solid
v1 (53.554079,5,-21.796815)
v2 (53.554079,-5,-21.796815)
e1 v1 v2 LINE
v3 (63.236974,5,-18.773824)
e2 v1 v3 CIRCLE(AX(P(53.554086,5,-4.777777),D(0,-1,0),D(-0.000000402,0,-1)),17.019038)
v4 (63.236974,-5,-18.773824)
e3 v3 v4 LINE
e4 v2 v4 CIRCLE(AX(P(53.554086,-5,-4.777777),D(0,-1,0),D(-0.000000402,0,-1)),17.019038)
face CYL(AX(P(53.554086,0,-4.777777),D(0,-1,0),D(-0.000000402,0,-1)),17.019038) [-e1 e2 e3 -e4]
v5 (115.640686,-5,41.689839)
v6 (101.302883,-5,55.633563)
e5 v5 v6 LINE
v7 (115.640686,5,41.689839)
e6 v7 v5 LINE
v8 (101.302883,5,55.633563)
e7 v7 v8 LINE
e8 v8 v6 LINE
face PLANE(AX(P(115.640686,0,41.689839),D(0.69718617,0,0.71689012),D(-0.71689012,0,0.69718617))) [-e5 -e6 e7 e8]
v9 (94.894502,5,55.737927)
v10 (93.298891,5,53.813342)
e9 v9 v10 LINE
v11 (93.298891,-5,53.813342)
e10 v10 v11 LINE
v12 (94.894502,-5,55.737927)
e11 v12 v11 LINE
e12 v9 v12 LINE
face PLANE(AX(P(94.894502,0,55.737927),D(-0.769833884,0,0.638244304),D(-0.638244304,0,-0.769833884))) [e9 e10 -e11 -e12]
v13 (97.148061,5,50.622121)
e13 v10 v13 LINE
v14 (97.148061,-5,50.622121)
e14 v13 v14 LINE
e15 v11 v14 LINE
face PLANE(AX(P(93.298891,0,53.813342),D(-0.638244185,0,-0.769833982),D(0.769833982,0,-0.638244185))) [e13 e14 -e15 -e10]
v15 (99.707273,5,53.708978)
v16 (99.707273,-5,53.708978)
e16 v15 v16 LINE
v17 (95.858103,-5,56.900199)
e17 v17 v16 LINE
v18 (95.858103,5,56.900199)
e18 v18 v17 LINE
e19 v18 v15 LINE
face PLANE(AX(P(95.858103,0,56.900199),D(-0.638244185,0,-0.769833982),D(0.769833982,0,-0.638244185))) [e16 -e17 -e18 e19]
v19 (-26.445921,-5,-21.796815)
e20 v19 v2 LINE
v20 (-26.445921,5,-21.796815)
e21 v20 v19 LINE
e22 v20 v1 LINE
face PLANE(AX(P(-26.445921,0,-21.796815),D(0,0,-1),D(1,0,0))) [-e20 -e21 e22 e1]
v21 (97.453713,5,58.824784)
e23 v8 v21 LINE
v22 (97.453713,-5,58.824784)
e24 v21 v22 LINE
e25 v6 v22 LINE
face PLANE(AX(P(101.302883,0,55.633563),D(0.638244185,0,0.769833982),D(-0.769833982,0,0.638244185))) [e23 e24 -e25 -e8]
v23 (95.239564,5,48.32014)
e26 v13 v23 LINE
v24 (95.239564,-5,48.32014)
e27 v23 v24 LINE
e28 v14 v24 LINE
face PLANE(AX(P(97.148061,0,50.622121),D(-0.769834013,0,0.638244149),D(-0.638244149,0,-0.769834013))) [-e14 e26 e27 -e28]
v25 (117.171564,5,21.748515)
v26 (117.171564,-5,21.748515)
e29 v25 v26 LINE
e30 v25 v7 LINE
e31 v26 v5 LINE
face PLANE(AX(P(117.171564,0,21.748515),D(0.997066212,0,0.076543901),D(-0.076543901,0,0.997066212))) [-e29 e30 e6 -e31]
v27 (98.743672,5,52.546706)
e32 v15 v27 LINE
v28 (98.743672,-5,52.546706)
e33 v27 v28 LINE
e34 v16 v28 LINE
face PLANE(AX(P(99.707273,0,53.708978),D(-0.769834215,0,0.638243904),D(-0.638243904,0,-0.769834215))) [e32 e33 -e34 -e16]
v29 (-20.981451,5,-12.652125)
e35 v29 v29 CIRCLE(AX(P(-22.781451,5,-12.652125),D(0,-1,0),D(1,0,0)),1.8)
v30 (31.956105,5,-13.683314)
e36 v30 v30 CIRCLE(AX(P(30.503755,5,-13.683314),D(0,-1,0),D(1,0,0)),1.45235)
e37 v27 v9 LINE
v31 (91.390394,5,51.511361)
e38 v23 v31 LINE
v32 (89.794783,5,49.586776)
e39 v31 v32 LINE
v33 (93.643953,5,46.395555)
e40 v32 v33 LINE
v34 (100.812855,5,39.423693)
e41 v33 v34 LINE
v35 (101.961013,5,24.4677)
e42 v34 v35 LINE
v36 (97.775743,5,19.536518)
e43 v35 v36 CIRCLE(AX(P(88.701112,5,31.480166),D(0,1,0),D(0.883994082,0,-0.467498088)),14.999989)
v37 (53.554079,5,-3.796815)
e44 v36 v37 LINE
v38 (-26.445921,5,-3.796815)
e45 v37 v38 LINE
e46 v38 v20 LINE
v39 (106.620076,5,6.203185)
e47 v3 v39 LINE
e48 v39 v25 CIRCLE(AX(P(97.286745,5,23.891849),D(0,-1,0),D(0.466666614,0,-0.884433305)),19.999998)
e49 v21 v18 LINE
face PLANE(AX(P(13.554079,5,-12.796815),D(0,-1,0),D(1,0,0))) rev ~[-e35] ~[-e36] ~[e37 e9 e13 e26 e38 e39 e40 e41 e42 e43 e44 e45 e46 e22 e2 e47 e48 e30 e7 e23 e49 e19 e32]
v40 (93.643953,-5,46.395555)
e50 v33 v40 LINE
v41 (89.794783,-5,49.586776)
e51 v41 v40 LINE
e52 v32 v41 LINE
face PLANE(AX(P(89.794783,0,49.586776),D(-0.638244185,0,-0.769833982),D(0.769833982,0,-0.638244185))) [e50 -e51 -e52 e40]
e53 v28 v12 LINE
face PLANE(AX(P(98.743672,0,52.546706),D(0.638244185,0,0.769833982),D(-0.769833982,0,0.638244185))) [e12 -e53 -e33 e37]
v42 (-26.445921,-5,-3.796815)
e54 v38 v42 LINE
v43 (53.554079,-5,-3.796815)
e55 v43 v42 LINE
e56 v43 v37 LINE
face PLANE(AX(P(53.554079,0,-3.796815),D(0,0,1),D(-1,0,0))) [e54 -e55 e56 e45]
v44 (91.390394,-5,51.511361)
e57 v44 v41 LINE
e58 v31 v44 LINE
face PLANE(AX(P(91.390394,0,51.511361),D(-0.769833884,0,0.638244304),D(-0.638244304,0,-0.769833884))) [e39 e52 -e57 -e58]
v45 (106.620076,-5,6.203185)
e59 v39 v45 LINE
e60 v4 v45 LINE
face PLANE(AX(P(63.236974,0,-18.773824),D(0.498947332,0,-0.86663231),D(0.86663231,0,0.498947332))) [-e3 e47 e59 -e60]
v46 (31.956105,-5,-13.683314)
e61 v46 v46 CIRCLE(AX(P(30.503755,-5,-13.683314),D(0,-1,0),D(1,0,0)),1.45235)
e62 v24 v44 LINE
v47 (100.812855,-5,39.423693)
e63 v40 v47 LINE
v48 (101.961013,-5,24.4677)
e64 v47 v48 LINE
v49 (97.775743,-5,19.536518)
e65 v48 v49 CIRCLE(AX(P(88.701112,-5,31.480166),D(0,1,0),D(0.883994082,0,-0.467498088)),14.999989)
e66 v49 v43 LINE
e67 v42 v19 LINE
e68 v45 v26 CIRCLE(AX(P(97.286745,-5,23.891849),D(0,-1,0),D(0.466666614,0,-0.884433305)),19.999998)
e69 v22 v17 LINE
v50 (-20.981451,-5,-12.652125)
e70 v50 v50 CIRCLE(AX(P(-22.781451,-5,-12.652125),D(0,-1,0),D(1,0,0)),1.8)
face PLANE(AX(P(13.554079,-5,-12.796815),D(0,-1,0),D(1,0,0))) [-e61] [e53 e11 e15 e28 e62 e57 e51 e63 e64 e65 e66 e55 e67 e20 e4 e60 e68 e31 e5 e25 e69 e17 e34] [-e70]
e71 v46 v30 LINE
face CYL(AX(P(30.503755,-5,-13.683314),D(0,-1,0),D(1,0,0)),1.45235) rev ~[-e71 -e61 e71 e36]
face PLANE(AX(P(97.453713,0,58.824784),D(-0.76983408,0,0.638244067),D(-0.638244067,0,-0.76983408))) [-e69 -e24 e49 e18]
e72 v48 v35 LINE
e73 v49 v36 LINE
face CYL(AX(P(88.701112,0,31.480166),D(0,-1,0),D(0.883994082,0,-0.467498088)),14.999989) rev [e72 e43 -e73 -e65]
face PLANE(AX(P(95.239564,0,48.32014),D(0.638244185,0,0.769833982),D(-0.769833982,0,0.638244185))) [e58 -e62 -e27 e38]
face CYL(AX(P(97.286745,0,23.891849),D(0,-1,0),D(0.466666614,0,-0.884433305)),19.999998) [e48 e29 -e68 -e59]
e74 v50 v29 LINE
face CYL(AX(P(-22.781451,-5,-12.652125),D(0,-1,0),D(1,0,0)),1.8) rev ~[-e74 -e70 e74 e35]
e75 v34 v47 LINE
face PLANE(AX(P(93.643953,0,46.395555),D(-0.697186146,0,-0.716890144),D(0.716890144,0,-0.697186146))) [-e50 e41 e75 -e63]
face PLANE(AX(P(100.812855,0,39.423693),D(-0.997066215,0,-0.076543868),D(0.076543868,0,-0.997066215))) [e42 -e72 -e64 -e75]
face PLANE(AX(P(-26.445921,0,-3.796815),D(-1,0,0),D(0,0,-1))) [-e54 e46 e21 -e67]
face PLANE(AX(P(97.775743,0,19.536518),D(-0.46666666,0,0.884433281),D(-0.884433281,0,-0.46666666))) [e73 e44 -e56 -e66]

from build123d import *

# Parameters (mm, degrees)
F1_DEPTH = 5
F2_R     = 1.45235
F3_DEPTH = 26
F5_R     = 1.8
F6_DEPTH = 25


with BuildPart() as f1:
    # F0 (on Front) → F1 (new body, symmetric)
    with BuildSketch(Plane.XZ):
        Polygon((53.554079, -3.796815), (-20.445921, -3.796815), (-26.445921, -3.796815), (-26.445921, -21.796815), (-20.445921, -21.796815), (53.554079, -21.796815), align=None)
        with BuildLine():
            Line((97.775743, 19.536518), (53.554079, -3.796815))
            Line((53.554079, -3.796815), (53.554079, -21.796815))
            ThreePointArc((53.554079, -21.796815), (58.625986, -21.023499), (63.236974, -18.773824))
            Line((63.236974, -18.773824), (106.620076, 6.203185))
            Line((106.620076, 6.203185), (97.775743, 19.536518))
        make_face()
        with BuildLine():
            ThreePointArc((101.961013, 24.4677), (100.137325, 21.773844), (97.775743, 19.536518))
            Line((97.775743, 19.536518), (106.620076, 6.203185))
            ThreePointArc((106.620076, 6.203185), (113.834838, 12.659729), (117.171564, 21.748515))
            Line((117.171564, 21.748515), (115.640686, 41.689839))
            Line((115.640686, 41.689839), (100.812855, 39.423693))
            Line((100.812855, 39.423693), (101.961013, 24.4677))
        make_face()
        Polygon((93.643953, 46.395555), (100.812855, 39.423693), (115.640686, 41.689839), (101.302883, 55.633563), (99.707273, 53.708978), (98.743672, 52.546706), (97.148061, 50.622121), (95.239564, 48.32014), align=None)
        Polygon((89.794783, 49.586776), (93.643953, 46.395555), (95.239564, 48.32014), (91.390394, 51.511361), align=None)
        Polygon((99.707273, 53.708978), (101.302883, 55.633563), (97.453713, 58.824784), (95.858103, 56.900199), align=None)
        Polygon((93.298891, 53.813342), (97.148061, 50.622121), (98.743672, 52.546706), (94.894502, 55.737927), align=None)
    extrude(amount=F1_DEPTH, both=True)

    # F2 (on face) → F3 (cut)
    with BuildSketch(Plane.XZ.offset(5)):
        with Locations((30.503755, -13.683314)):
            Circle(F2_R)
    extrude(amount=-F3_DEPTH, mode=Mode.SUBTRACT)

    # F5 (on face) → F6 (cut)
    with BuildSketch(Plane.XZ.offset(5)):
        with Locations((-22.781451, -12.652125)):
            Circle(F5_R)
    extrude(amount=-F6_DEPTH, mode=Mode.SUBTRACT)


solid = f1.part
